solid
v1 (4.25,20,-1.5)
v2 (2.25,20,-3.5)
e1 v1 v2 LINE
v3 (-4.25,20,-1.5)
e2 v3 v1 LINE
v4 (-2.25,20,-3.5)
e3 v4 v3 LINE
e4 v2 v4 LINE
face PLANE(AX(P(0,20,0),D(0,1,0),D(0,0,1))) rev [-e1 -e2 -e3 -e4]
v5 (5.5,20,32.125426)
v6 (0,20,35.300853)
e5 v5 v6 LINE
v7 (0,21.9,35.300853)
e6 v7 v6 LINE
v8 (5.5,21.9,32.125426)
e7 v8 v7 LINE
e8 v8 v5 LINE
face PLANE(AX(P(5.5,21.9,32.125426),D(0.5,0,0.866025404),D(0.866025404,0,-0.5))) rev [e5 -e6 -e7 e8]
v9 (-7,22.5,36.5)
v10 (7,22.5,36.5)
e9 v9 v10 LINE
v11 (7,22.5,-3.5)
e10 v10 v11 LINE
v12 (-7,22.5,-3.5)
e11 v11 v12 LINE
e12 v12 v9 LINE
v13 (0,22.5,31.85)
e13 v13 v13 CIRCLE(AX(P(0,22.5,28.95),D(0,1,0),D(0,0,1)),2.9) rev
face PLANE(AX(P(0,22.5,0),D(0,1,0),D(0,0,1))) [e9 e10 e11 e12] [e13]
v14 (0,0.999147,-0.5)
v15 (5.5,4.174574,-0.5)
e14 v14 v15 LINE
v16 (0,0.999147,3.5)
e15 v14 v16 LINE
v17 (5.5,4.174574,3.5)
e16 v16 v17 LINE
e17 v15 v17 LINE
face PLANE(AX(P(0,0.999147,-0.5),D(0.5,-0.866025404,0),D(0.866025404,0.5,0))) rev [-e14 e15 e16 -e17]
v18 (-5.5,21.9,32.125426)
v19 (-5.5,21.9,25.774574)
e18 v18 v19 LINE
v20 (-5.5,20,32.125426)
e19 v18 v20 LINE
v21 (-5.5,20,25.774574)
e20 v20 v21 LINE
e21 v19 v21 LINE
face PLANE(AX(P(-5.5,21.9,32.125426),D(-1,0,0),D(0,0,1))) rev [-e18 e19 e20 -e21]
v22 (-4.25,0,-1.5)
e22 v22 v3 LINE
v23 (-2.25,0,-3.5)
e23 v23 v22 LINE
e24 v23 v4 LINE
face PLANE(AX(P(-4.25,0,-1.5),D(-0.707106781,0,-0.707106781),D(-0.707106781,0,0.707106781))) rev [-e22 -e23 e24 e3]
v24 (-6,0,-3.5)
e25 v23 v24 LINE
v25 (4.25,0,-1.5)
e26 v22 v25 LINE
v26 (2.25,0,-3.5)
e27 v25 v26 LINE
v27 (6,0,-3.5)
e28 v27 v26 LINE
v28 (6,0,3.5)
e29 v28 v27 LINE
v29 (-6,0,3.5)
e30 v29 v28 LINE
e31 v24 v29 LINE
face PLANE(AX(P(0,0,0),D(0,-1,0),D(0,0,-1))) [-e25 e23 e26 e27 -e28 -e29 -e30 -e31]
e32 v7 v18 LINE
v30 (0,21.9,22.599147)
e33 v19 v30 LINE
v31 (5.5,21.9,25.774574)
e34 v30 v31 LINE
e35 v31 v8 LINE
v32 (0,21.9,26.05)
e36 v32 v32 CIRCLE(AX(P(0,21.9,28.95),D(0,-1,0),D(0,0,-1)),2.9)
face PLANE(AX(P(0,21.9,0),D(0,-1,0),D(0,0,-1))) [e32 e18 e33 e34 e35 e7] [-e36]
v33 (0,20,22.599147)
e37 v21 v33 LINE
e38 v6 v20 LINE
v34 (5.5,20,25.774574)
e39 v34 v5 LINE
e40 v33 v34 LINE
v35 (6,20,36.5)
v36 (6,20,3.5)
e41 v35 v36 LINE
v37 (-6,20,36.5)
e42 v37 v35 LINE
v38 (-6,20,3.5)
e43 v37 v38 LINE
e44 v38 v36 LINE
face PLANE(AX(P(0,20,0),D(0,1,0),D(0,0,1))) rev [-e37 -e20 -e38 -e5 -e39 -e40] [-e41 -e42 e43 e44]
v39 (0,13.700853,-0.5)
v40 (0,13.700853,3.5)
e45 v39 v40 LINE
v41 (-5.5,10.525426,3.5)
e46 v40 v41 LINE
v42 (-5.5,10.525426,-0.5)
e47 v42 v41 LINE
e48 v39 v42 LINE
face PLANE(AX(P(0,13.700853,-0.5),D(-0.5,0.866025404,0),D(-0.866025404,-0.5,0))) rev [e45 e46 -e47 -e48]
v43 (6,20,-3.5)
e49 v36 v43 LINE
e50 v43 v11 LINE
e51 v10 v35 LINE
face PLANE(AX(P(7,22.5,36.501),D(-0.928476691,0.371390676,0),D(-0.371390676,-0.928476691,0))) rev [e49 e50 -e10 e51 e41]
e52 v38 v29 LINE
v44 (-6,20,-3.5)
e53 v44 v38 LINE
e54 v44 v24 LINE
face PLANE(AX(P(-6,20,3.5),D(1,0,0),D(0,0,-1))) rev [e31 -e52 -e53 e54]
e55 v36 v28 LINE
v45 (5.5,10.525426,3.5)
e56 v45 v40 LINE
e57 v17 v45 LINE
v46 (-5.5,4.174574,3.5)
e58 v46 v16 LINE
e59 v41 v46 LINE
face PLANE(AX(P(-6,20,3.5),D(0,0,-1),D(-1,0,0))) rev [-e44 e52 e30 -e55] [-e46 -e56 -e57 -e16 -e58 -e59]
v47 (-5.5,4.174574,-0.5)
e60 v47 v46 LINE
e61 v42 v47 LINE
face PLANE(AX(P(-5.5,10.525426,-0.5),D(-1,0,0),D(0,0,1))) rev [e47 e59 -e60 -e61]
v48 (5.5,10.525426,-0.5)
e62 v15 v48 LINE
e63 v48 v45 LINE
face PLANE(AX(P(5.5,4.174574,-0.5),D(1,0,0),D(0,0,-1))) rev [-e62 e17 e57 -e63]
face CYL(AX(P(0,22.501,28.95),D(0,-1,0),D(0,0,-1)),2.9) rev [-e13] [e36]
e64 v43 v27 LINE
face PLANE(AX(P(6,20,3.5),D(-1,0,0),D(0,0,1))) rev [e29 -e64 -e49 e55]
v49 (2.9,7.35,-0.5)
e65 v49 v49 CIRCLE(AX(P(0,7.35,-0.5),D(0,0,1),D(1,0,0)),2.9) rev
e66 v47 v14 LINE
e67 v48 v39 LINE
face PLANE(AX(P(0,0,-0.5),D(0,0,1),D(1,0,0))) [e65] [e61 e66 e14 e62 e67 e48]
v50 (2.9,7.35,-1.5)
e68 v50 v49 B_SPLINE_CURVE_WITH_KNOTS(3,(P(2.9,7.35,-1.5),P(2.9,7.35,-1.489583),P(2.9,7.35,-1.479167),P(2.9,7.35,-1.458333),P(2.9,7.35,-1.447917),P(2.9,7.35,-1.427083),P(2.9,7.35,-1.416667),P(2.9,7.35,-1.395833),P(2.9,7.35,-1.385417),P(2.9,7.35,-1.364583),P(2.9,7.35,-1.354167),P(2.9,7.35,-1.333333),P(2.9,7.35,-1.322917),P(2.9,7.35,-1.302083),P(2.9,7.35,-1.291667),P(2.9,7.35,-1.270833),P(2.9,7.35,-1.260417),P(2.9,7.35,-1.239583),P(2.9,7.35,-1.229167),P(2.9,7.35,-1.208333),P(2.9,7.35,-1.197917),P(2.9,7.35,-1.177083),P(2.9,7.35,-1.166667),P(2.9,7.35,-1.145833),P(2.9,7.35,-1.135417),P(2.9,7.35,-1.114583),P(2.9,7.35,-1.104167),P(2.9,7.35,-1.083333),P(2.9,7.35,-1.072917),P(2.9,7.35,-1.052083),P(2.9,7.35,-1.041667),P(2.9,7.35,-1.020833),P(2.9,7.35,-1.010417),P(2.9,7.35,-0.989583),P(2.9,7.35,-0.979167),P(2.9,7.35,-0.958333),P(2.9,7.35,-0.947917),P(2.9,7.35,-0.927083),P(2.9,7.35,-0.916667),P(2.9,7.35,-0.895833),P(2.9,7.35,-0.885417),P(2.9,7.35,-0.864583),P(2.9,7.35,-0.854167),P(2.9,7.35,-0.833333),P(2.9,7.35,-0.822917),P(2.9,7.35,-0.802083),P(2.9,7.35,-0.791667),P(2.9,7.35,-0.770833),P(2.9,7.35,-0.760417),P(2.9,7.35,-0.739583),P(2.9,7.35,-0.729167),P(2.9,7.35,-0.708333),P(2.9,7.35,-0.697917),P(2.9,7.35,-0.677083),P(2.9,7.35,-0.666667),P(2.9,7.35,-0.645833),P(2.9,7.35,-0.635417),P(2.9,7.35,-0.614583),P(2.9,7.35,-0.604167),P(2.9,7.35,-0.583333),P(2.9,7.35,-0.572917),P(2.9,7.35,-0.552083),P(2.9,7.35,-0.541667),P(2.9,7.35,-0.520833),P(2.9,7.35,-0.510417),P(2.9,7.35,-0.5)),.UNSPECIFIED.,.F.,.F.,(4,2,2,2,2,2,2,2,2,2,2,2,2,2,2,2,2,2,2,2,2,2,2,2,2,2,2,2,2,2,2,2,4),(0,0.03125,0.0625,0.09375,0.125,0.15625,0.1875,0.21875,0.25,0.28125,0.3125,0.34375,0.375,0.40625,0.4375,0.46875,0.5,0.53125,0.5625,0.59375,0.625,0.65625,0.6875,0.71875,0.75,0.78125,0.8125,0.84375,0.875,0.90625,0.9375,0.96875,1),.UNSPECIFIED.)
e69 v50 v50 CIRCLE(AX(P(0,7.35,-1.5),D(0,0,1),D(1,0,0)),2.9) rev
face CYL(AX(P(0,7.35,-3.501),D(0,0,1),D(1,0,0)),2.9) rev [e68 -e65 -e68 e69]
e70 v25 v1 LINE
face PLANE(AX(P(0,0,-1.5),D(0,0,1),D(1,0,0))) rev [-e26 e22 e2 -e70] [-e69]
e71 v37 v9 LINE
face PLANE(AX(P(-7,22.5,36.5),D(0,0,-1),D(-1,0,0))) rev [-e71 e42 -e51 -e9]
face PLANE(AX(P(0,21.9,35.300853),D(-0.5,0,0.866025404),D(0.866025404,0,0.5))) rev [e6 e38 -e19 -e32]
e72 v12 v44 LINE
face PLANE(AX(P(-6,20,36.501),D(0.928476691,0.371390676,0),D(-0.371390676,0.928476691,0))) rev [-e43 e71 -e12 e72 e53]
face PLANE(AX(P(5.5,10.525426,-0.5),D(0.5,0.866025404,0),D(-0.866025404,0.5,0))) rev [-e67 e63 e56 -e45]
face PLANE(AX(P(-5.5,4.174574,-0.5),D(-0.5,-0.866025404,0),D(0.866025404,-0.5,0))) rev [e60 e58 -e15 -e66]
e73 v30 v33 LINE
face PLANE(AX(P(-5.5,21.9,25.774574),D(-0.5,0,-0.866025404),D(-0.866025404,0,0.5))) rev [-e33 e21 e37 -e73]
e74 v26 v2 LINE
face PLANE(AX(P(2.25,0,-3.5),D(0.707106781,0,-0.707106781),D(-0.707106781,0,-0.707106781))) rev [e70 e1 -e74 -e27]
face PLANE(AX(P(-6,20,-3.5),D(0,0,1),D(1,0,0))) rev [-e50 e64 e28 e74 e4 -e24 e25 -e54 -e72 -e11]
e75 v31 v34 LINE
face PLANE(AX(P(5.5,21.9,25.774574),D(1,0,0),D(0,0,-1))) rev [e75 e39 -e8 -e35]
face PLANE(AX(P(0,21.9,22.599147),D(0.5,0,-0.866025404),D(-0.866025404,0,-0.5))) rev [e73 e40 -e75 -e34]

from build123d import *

# Parameters (mm, degrees)
SKETCH1_W           = 12
SKETCH1_H           = 7
BOSS_EXTRUDE1_DEPTH = 20
CUT_EXTRUDE1_DEPTH  = 20
CUT_EXTRUDE2_REACH  = 24.023
SKETCH3_R           = 2.9
CUT_EXTRUDE3_DEPTH  = 4
SKETCH5_W           = 14
SKETCH5_H           = 40
BOSS_EXTRUDE2_DEPTH = 2.5
CUT_EXTRUDE4_REACH  = 48.425
CUT_EXTRUDE6_DEPTH  = 1.9
CUT_EXTRUDE7_REACH  = 45.138
SKETCH9_R           = 2.9


with BuildPart() as part:
    # Sketch1 → Boss-Extrude1 (new body)
    with BuildSketch(Plane(origin=(0, 0, 0), x_dir=(1, 0, 0), z_dir=(0, 1, 0))):
        Rectangle(SKETCH1_W, SKETCH1_H)
    extrude(amount=BOSS_EXTRUDE1_DEPTH)

    # Sketch2 → Cut-Extrude1 (cut)
    with BuildSketch(Plane(origin=(0, 20, 0), x_dir=(1, 0, 0), z_dir=(0, 1, 0))):
        Polygon((0, 3.5), (2.25, 3.5), (4.25, 1.5), (0, 1.5), (-4.25, 1.5), (-2.25, 3.5), align=None)
    extrude(amount=-CUT_EXTRUDE1_DEPTH, mode=Mode.SUBTRACT)

    # Sketch3 → Cut-Extrude2 (cut, up to next)
    with BuildSketch(Plane.XY.offset(3.5), mode=Mode.PRIVATE) as cut_extrude2_sk1:
        with Locations((0, 7.35)):
            Circle(SKETCH3_R)
    cut_extrude2_tool1 = extrude(cut_extrude2_sk1.sketch, amount=-CUT_EXTRUDE2_REACH, mode=Mode.PRIVATE) & part.part
    add(cut_extrude2_tool1.solids().sort_by_distance((0, 7.35, 3.5))[0], mode=Mode.SUBTRACT)

    # Sketch4 → Cut-Extrude3 (cut)
    with BuildSketch(Plane.XY.offset(3.5)):
        Polygon((0, 13.700852961), (-5.5, 10.525426481), (-5.5, 4.174573519), (0, 0.999147039), (5.5, 4.174573519), (5.5, 10.525426481), align=None)
    extrude(amount=-CUT_EXTRUDE3_DEPTH, mode=Mode.SUBTRACT)

    # Sketch5 → Boss-Extrude2 (add)
    with BuildSketch(Plane(origin=(0, 20, 0), x_dir=(1, 0, 0), z_dir=(0, 1, 0))):
        with Locations((0, -16.5)):
            Rectangle(SKETCH5_W, SKETCH5_H)
    extrude(amount=BOSS_EXTRUDE2_DEPTH)

    # Sketch6 → Cut-Extrude4 (cut, up to next)
    with BuildSketch(Plane(origin=(0, 0, -3.5), x_dir=(-1, 0, 0), z_dir=(0, 0, -1)), mode=Mode.PRIVATE) as cut_extrude4_sk1:
        Polygon((-7, 20), (-7, 22.5), (-6, 20), align=None)
    cut_extrude4_tool1 = extrude(cut_extrude4_sk1.sketch, amount=-CUT_EXTRUDE4_REACH, mode=Mode.PRIVATE) & part.part
    # Sketch6 → Cut-Extrude4 (cut, up to next)
    with BuildSketch(Plane(origin=(0, 0, -3.5), x_dir=(-1, 0, 0), z_dir=(0, 0, -1)), mode=Mode.PRIVATE) as cut_extrude4_sk2:
        Polygon((7, 20), (6, 20), (7, 22.5), align=None)
    cut_extrude4_tool2 = extrude(cut_extrude4_sk2.sketch, amount=-CUT_EXTRUDE4_REACH, mode=Mode.PRIVATE) & part.part
    add(cut_extrude4_tool1.solids().sort_by_distance((6.666667, 20.833333, -3.5))[0], mode=Mode.SUBTRACT)
    add(cut_extrude4_tool2.solids().sort_by_distance((-6.666667, 20.833333, -3.5))[0], mode=Mode.SUBTRACT)

    # Sketch8 → Cut-Extrude6 (cut)
    with BuildSketch(Plane.XZ.offset(-20)):
        Polygon((0, 22.599147039), (5.5, 25.774573519), (5.5, 32.125426481), (0, 35.300852961), (-5.5, 32.125426481), (-5.5, 25.774573519), align=None)
    extrude(amount=-CUT_EXTRUDE6_DEPTH, mode=Mode.SUBTRACT)

    # Sketch9 → Cut-Extrude7 (cut, up to next)
    with BuildSketch(Plane(origin=(0, 21.9, 0), x_dir=(-1, 0, 0), z_dir=(0, -1, 0)), mode=Mode.PRIVATE) as cut_extrude7_sk1:
        with Locations(Location((0, -28.95, 0), (0, 0, 90))):
            Circle(SKETCH9_R)
    cut_extrude7_tool1 = extrude(cut_extrude7_sk1.sketch, amount=-CUT_EXTRUDE7_REACH, mode=Mode.PRIVATE) & part.part
    add(cut_extrude7_tool1.solids().sort_by_distance((0, 21.9, 28.95))[0], mode=Mode.SUBTRACT)


solid = part.part
